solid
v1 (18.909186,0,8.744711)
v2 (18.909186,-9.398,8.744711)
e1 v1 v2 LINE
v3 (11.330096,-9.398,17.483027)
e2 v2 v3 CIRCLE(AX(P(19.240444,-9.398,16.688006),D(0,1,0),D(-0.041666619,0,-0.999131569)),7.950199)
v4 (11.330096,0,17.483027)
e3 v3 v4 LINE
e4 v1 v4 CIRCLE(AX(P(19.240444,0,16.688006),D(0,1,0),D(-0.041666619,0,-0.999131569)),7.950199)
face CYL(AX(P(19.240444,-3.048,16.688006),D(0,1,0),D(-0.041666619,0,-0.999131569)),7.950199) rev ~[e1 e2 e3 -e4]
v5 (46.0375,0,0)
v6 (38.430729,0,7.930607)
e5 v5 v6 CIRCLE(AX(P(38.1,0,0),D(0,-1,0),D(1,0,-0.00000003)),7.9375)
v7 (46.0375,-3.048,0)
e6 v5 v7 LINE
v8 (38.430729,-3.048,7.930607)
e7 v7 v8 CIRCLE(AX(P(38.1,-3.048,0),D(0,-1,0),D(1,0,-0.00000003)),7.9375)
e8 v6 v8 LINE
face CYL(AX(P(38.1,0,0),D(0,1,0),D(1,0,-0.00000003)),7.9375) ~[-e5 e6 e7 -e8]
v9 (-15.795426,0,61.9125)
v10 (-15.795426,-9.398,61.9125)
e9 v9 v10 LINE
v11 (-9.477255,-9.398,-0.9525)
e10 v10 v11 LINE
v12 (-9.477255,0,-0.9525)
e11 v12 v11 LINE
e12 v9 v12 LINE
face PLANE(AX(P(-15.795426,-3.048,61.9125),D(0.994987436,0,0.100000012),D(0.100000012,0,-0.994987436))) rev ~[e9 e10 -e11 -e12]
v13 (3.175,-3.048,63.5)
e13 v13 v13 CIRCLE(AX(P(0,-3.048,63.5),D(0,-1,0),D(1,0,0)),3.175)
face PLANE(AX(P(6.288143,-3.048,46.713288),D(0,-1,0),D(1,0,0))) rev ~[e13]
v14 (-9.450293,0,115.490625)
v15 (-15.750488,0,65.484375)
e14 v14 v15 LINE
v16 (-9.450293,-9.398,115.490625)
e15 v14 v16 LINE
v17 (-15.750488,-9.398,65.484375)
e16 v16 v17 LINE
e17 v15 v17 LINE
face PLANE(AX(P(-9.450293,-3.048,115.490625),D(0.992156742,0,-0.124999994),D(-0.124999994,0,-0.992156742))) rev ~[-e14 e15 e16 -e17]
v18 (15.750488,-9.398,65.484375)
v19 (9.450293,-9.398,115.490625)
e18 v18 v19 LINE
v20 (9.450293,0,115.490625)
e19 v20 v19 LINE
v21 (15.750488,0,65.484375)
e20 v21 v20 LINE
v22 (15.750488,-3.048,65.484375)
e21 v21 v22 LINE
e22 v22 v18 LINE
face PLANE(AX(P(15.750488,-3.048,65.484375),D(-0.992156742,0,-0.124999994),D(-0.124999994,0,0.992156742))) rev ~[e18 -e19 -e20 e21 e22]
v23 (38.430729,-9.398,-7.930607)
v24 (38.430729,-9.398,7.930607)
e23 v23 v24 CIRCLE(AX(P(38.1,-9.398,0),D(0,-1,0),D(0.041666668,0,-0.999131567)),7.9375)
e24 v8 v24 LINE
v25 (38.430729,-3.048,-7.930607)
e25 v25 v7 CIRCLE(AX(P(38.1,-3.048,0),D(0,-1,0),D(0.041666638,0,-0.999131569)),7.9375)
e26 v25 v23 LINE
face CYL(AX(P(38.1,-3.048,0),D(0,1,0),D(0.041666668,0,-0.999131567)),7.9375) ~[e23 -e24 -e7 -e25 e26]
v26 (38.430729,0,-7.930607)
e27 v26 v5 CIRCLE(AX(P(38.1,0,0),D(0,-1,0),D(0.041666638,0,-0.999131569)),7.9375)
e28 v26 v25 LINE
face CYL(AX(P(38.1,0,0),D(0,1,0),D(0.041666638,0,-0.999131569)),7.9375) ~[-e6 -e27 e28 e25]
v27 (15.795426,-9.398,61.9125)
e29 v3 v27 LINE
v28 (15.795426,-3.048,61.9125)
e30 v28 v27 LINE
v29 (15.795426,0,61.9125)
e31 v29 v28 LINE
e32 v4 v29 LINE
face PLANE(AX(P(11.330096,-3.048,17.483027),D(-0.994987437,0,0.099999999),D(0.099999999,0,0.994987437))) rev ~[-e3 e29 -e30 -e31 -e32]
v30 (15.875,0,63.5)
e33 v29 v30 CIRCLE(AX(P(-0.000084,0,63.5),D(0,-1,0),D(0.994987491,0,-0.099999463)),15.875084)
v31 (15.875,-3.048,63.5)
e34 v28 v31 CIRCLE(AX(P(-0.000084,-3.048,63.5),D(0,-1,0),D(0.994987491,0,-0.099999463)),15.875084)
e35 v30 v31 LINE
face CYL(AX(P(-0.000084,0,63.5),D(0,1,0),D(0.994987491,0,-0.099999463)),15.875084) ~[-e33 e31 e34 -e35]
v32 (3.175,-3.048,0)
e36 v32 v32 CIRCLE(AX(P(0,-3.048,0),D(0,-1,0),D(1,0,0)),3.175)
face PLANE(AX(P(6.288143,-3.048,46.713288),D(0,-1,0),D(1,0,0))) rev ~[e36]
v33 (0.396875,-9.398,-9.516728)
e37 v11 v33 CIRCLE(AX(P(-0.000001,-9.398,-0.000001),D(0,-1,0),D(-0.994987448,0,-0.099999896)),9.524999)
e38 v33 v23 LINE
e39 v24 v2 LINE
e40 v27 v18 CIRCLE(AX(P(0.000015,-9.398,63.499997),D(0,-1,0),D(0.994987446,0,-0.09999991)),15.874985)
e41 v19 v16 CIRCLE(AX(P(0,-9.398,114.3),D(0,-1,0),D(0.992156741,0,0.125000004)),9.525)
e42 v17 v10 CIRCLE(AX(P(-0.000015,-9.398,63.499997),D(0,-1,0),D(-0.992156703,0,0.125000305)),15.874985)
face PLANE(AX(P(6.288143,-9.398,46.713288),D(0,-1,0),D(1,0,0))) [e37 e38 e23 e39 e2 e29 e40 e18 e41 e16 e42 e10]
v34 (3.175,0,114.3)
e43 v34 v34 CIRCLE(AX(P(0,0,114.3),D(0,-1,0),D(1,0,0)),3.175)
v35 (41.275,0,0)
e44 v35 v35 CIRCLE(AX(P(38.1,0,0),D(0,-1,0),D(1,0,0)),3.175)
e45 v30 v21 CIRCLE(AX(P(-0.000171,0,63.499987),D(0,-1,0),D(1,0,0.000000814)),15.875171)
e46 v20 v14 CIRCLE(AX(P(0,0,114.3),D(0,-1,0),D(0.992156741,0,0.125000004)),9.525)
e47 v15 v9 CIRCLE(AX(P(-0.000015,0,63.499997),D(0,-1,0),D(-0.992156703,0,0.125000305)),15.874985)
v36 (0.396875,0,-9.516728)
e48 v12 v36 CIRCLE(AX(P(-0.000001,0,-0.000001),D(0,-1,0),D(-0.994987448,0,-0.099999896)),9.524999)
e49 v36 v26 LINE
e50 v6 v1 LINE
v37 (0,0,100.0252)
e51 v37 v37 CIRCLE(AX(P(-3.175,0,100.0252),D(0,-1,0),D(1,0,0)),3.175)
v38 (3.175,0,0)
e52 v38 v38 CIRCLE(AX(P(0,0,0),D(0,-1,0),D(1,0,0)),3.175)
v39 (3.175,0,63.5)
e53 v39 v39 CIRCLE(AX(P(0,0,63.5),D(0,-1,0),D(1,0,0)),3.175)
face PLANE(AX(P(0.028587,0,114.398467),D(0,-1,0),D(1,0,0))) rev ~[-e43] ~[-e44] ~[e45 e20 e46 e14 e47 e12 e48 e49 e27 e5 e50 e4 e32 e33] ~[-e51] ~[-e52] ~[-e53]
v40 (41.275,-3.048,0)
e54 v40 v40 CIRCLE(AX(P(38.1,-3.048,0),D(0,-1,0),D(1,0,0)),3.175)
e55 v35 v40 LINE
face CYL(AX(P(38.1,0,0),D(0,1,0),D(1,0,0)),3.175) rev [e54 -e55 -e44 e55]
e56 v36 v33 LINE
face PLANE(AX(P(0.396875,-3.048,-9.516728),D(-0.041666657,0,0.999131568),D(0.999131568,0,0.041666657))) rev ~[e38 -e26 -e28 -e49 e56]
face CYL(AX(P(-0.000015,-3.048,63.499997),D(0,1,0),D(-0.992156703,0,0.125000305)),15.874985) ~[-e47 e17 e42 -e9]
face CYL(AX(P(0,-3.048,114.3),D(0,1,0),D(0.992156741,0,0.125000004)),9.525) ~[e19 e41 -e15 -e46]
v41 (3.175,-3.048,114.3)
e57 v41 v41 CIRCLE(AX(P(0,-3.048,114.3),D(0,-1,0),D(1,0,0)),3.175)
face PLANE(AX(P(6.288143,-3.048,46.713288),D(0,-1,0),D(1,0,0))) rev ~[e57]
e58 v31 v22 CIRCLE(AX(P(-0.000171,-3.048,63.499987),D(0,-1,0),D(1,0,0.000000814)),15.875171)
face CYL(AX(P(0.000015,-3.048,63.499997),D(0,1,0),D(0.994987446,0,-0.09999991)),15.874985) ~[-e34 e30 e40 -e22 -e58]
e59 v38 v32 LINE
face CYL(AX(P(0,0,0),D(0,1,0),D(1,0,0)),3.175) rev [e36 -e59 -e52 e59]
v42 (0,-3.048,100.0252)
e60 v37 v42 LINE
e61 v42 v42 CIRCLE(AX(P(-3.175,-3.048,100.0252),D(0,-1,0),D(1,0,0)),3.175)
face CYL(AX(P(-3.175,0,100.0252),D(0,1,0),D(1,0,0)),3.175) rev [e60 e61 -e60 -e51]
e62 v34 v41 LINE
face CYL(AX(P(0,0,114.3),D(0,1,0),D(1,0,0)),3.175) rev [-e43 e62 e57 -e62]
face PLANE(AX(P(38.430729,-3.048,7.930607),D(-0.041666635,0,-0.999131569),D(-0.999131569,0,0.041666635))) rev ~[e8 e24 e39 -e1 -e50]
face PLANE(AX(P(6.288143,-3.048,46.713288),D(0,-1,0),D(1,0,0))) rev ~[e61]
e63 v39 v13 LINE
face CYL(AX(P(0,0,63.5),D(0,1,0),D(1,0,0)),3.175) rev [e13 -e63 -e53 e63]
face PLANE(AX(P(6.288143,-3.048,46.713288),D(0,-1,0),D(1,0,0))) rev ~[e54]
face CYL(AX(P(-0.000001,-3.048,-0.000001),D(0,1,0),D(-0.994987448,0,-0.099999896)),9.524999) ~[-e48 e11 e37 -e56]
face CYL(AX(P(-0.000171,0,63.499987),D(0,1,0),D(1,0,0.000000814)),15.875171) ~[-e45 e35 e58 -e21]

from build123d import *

# Parameters (mm, degrees)
F0_R     = 3.175
F1_DEPTH = 3.048
F3_DEPTH = 6.35


with BuildPart() as f1:
    # F0 (on Front) → F1 (new body)
    with BuildSketch(Plane.XZ):
        with BuildLine():
            ThreePointArc((-9.450293, 115.490625), (-0.596483, 104.793695), (9.525, 114.3))
            ThreePointArc((9.525, 114.3), (9.506305, 114.896483), (9.450293, 115.490625))
            ThreePointArc((9.450293, 115.490625), (0, 123.825), (-9.450293, 115.490625))
        make_face()
        with Locations((0, 114.3)):
            Circle(F0_R, mode=Mode.SUBTRACT)
        with BuildLine():
            ThreePointArc((9.450293, 115.490625), (9.506305, 114.896483), (9.525, 114.3))
            ThreePointArc((9.525, 114.3), (-0.596483, 104.793695), (-9.450293, 115.490625))
            Line((-9.450293, 115.490625), (-15.750488, 65.484375))
            ThreePointArc((-15.750488, 65.484375), (0, 79.375), (15.750488, 65.484375))
            Line((15.750488, 65.484375), (9.450293, 115.490625))
        make_face()
        with Locations((-3.175, 100.0252)):
            Circle(F0_R, mode=Mode.SUBTRACT)
        with BuildLine():
            ThreePointArc((15.875, 63.5), (15.843841, 64.494139), (15.750488, 65.484375))
            ThreePointArc((15.750488, 65.484375), (0, 79.375), (-15.750488, 65.484375))
            ThreePointArc((-15.750488, 65.484375), (-15.873744, 63.699705), (-15.795426, 61.9125))
            ThreePointArc((-15.795426, 61.9125), (0, 47.625), (15.795426, 61.9125))
            ThreePointArc((15.795426, 61.9125), (15.855094, 62.705253), (15.875, 63.5))
        make_face()
        with Locations((0, 63.5)):
            Circle(F0_R, mode=Mode.SUBTRACT)
        with BuildLine():
            ThreePointArc((15.795426, 61.9125), (0, 47.625), (-15.795426, 61.9125))
            Line((-15.795426, 61.9125), (-9.477255, -0.9525))
            ThreePointArc((-9.477255, -0.9525), (-0.476848, 9.513056), (9.525, 0))
            ThreePointArc((9.525, 0), (6.874077, -6.593383), (0.396875, -9.516728))
            Line((0.396875, -9.516728), (38.430729, -7.930607))
            ThreePointArc((38.430729, -7.930607), (30.1625, 0), (38.430729, 7.930607))
            Line((38.430729, 7.930607), (18.909186, 8.744711))
            ThreePointArc((18.909186, 8.744711), (13.234567, 11.478869), (11.330096, 17.483027))
            Line((11.330096, 17.483027), (15.795426, 61.9125))
        make_face()
        with BuildLine():
            ThreePointArc((9.525, 0), (-0.476848, 9.513056), (-9.477255, -0.9525))
            ThreePointArc((-9.477255, -0.9525), (-6.24098, -7.19554), (0.396875, -9.516728))
            ThreePointArc((0.396875, -9.516728), (6.874077, -6.593383), (9.525, 0))
        make_face()
        Circle(F0_R, mode=Mode.SUBTRACT)
        with BuildLine():
            ThreePointArc((38.430729, 7.930607), (30.1625, 0), (38.430729, -7.930607))
            ThreePointArc((38.430729, -7.930607), (43.828397, -5.494486), (46.0375, 0))
            ThreePointArc((46.0375, 0), (43.828397, 5.494486), (38.430729, 7.930607))
        make_face()
        with Locations((38.1, 0)):
            Circle(F0_R, mode=Mode.SUBTRACT)
    extrude(amount=F1_DEPTH)

    # F2 (on face) → F3 (join)
    with BuildSketch(Plane.XZ.offset(3.048)):
        with BuildLine():
            Line((15.750488, 65.484375), (9.450293, 115.490625))
            ThreePointArc((9.450293, 115.490625), (0, 123.825), (-9.450293, 115.490625))
            Line((-9.450293, 115.490625), (-15.750488, 65.484375))
            ThreePointArc((-15.750488, 65.484375), (-15.873744, 63.699705), (-15.795426, 61.9125))
            Line((-15.795426, 61.9125), (-9.477255, -0.9525))
            ThreePointArc((-9.477255, -0.9525), (-6.24098, -7.19554), (0.396875, -9.516728))
            Line((0.396875, -9.516728), (38.430729, -7.930607))
            ThreePointArc((38.430729, -7.930607), (46.0375, 0), (38.430729, 7.930607))
            Line((38.430729, 7.930607), (18.909186, 8.744711))
            ThreePointArc((18.909186, 8.744711), (13.234567, 11.478869), (11.330096, 17.483027))
            Line((11.330096, 17.483027), (15.795426, 61.9125))
            ThreePointArc((15.795426, 61.9125), (15.873744, 63.699705), (15.750488, 65.484375))
        make_face()
    extrude(amount=F3_DEPTH)


solid = f1.part
